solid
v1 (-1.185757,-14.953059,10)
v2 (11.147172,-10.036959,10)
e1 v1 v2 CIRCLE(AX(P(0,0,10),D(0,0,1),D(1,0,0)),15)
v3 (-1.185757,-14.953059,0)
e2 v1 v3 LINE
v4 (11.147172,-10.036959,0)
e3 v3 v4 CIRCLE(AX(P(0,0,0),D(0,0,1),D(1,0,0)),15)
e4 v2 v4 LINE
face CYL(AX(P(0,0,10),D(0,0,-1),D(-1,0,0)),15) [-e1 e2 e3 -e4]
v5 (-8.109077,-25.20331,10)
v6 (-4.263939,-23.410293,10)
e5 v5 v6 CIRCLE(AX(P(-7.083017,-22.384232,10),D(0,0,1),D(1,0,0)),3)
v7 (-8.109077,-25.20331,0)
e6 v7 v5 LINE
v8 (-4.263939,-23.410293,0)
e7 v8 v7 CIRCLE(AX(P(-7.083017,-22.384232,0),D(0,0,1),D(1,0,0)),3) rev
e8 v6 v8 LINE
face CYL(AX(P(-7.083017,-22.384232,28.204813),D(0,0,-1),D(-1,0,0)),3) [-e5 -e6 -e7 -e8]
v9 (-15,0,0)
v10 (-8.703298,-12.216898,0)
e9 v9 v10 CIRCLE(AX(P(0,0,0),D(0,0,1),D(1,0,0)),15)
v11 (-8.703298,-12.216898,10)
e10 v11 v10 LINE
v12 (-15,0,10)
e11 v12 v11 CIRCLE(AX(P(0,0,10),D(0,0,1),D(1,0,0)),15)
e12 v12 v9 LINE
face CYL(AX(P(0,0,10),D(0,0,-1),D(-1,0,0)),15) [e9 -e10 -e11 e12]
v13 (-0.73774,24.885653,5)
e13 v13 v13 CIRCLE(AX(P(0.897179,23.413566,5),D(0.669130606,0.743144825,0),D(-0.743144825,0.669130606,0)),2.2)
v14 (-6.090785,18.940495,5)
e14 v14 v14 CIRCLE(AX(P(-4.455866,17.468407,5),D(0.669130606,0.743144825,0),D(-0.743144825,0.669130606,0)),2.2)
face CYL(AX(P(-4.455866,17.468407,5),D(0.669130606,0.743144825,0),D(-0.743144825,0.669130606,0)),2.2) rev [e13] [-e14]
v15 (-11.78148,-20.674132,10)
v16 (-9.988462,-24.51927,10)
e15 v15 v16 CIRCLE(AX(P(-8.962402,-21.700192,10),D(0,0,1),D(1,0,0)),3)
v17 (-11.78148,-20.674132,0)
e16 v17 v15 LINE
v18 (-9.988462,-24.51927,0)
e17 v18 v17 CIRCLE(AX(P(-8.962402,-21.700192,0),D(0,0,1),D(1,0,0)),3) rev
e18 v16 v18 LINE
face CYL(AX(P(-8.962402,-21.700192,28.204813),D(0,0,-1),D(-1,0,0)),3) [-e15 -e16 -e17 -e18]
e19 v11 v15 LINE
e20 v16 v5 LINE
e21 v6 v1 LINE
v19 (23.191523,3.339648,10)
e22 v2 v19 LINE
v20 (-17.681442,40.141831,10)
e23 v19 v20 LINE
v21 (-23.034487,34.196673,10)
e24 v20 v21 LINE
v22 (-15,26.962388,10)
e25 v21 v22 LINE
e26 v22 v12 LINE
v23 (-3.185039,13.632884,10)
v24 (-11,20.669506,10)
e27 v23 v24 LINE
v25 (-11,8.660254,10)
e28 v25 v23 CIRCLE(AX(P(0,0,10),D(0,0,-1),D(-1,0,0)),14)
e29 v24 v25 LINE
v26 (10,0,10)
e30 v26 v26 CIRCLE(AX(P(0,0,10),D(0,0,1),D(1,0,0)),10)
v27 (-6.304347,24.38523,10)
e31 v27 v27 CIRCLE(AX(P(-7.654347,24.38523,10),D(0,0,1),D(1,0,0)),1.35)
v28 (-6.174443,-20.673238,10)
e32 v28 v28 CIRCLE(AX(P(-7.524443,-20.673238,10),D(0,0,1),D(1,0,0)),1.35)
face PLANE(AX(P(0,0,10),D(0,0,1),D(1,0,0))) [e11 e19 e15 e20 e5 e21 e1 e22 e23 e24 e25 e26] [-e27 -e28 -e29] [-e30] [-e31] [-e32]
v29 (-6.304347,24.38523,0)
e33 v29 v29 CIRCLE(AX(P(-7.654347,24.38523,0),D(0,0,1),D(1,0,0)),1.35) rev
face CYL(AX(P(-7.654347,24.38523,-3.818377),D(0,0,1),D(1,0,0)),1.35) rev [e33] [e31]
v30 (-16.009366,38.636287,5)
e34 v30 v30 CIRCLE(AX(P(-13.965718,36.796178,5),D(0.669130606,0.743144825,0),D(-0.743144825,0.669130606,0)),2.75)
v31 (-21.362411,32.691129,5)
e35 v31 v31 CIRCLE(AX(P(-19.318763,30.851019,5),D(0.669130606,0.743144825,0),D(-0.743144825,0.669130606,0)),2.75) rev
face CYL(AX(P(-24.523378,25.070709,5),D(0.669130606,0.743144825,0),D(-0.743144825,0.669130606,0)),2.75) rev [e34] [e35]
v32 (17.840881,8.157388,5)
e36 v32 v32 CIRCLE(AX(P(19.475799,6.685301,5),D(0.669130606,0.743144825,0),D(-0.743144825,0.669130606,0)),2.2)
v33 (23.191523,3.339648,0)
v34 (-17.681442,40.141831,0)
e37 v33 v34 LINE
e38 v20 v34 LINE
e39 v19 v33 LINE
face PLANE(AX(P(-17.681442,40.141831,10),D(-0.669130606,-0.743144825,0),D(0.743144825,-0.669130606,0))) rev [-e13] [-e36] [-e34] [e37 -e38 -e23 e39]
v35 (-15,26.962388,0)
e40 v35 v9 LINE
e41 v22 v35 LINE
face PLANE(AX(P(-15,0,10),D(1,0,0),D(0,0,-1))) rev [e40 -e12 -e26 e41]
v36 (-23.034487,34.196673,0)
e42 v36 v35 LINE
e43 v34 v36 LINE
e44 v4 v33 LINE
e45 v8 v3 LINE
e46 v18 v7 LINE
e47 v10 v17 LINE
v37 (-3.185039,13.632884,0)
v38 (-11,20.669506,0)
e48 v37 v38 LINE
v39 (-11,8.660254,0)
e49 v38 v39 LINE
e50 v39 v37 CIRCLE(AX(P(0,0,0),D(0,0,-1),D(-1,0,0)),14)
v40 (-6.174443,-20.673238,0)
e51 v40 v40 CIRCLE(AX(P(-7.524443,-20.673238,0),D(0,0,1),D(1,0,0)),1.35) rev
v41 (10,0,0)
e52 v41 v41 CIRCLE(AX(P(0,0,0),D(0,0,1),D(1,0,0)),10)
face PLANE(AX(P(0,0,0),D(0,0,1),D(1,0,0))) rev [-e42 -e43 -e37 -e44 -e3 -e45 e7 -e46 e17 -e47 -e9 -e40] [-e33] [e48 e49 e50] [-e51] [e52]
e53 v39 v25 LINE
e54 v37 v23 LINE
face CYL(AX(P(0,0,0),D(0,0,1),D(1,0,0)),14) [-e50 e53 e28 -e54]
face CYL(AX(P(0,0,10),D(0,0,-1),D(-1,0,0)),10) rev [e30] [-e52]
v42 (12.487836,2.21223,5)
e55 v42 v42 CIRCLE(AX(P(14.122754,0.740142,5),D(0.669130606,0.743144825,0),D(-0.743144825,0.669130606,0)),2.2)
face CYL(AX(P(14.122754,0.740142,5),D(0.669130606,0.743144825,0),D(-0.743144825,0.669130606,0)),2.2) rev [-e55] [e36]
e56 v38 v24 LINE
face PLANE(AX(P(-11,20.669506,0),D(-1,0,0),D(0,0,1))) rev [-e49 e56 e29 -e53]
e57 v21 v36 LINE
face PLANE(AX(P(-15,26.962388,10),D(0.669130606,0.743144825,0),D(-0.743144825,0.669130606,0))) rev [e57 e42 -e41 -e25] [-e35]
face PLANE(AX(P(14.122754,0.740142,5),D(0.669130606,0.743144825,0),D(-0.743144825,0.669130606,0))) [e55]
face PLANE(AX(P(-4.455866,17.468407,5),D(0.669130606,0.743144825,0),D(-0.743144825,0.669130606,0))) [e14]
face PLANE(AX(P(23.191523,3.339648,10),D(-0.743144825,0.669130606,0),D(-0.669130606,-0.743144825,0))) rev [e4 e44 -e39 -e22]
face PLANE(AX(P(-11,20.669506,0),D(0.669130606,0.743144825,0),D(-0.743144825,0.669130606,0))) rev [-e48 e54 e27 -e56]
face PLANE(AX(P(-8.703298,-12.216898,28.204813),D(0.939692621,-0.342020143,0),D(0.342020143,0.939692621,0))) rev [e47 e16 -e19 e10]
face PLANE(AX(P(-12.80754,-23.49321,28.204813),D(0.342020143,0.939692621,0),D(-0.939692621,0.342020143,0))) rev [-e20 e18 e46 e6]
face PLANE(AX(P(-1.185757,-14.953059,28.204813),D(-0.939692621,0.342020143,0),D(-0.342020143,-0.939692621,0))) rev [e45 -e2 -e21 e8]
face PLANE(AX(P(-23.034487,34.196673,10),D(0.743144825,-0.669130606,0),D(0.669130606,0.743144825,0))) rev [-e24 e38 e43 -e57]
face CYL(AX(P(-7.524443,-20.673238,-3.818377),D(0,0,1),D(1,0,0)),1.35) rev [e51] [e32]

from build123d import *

# Parameters (mm, degrees)
SKETCH1_R                  = 10
EXTRUDE_3_8_DEPTH          = 10
BOSS_EXTRUDE2_DEPTH        = 10
SKETCH3_R                  = 1.35
M3_DRILL_OR_THROUGH_DEPTH  = 10
FILLET1_R                  = 3
SKETCH4_R                  = 2.75
M5_THROUGH_DEPTH           = 8
SKETCH5_R                  = 2.2
M5_DRILL_DEPTH             = 8
CUT_EXTRUDE4_DEPTH         = 10
SKETCH7_R                  = 1.35
M3_DRILL_OR_THROUGH2_DEPTH = 10


with BuildPart() as part:
    # Sketch1 → 3/8 (new body)
    with BuildSketch(Plane.XY):
        with BuildLine():
            Line((-15, 0), (-15, 26.962387961))
            Line((-15, 26.962387961), (-23.034486956, 34.196672509))
            Line((-23.034486956, 34.196672509), (-17.681442105, 40.141831113))
            Line((-17.681442105, 40.141831113), (23.191523297, 3.339647763))
            Line((23.191523297, 3.339647763), (17.838478446, -2.605510841))
            Line((17.838478446, -2.605510841), (11.147172382, -10.036959095))
            ThreePointArc((11.147172382, -10.036959095), (-5.375519243, -14.003706397), (-15, 0))
        make_face()
        Circle(SKETCH1_R, mode=Mode.SUBTRACT)
    extrude(amount=EXTRUDE_3_8_DEPTH)

    # Sketch2 → Boss-Extrude2 (add)
    with BuildSketch(Plane.XY):
        Polygon((-8.703298337, -12.216898054), (-1.18575737, -14.953059201), (-5.28999909, -26.22937065), (-12.807540057, -23.493209503), align=None)
    extrude(amount=BOSS_EXTRUDE2_DEPTH)

    # Sketch3 → M3_DRILL_or_Through (cut)
    with BuildSketch(Plane.XY.offset(10)):
        with Locations((-7.524443153, -20.673237657)):
            Circle(SKETCH3_R)
    extrude(amount=-M3_DRILL_OR_THROUGH_DEPTH, mode=Mode.SUBTRACT)

    # Fillet1
    fillet1_edges = [part.edges().sort_by_distance(p)[0] for p in [
        (-12.807540057, -23.493209503, 5),
        (-5.28999909, -26.22937065, 5),
    ]]
    fillet(fillet1_edges, radius=FILLET1_R)

    # Sketch4 → M5_through (cut)
    with BuildSketch(Plane(origin=(12.044350914, 13.376606859, 0), x_dir=(0.7431448254773932, -0.6691306063588595, 0), z_dir=(0.6691306063588595, 0.7431448254773932, 0))):
        with Locations(Location((-35, -5, 0), (0, 0, 180))):
            Circle(SKETCH4_R)
    extrude(amount=-M5_THROUGH_DEPTH, mode=Mode.SUBTRACT)

    # Sketch5 → M5_DRILL (cut)
    with BuildSketch(Plane(origin=(12.044350914, 13.376606859, 0), x_dir=(0.7431448254773932, -0.6691306063588595, 0), z_dir=(0.6691306063588595, 0.7431448254773932, 0))):
        with Locations(Location((-15, -5, 0), (0, 0, 180))):
            Circle(SKETCH5_R)
        with Locations(Location((10, -5, 0), (0, 0, 180))):
            Circle(SKETCH5_R)
    extrude(amount=-M5_DRILL_DEPTH, mode=Mode.SUBTRACT)

    # Sketch6 → Cut-Extrude4 (cut)
    with BuildSketch(Plane.XY.offset(10)):
        with BuildLine():
            Line((-11, 20.669506324), (-11, 8.660254038))
            ThreePointArc((-11, 8.660254038), (-7.515689996, 11.81162156), (-3.18503916, 13.632883978))
            Line((-3.18503916, 13.632883978), (-11, 20.669506324))
        make_face()
    extrude(amount=-CUT_EXTRUDE4_DEPTH, mode=Mode.SUBTRACT)

    # Sketch7 → M3_DRILL_or_Through2 (cut)
    with BuildSketch(Plane.XY.offset(10)):
        with Locations((-7.654346968, 24.385230452)):
            Circle(SKETCH7_R)
    extrude(amount=-M3_DRILL_OR_THROUGH2_DEPTH, mode=Mode.SUBTRACT)


solid = part.part
